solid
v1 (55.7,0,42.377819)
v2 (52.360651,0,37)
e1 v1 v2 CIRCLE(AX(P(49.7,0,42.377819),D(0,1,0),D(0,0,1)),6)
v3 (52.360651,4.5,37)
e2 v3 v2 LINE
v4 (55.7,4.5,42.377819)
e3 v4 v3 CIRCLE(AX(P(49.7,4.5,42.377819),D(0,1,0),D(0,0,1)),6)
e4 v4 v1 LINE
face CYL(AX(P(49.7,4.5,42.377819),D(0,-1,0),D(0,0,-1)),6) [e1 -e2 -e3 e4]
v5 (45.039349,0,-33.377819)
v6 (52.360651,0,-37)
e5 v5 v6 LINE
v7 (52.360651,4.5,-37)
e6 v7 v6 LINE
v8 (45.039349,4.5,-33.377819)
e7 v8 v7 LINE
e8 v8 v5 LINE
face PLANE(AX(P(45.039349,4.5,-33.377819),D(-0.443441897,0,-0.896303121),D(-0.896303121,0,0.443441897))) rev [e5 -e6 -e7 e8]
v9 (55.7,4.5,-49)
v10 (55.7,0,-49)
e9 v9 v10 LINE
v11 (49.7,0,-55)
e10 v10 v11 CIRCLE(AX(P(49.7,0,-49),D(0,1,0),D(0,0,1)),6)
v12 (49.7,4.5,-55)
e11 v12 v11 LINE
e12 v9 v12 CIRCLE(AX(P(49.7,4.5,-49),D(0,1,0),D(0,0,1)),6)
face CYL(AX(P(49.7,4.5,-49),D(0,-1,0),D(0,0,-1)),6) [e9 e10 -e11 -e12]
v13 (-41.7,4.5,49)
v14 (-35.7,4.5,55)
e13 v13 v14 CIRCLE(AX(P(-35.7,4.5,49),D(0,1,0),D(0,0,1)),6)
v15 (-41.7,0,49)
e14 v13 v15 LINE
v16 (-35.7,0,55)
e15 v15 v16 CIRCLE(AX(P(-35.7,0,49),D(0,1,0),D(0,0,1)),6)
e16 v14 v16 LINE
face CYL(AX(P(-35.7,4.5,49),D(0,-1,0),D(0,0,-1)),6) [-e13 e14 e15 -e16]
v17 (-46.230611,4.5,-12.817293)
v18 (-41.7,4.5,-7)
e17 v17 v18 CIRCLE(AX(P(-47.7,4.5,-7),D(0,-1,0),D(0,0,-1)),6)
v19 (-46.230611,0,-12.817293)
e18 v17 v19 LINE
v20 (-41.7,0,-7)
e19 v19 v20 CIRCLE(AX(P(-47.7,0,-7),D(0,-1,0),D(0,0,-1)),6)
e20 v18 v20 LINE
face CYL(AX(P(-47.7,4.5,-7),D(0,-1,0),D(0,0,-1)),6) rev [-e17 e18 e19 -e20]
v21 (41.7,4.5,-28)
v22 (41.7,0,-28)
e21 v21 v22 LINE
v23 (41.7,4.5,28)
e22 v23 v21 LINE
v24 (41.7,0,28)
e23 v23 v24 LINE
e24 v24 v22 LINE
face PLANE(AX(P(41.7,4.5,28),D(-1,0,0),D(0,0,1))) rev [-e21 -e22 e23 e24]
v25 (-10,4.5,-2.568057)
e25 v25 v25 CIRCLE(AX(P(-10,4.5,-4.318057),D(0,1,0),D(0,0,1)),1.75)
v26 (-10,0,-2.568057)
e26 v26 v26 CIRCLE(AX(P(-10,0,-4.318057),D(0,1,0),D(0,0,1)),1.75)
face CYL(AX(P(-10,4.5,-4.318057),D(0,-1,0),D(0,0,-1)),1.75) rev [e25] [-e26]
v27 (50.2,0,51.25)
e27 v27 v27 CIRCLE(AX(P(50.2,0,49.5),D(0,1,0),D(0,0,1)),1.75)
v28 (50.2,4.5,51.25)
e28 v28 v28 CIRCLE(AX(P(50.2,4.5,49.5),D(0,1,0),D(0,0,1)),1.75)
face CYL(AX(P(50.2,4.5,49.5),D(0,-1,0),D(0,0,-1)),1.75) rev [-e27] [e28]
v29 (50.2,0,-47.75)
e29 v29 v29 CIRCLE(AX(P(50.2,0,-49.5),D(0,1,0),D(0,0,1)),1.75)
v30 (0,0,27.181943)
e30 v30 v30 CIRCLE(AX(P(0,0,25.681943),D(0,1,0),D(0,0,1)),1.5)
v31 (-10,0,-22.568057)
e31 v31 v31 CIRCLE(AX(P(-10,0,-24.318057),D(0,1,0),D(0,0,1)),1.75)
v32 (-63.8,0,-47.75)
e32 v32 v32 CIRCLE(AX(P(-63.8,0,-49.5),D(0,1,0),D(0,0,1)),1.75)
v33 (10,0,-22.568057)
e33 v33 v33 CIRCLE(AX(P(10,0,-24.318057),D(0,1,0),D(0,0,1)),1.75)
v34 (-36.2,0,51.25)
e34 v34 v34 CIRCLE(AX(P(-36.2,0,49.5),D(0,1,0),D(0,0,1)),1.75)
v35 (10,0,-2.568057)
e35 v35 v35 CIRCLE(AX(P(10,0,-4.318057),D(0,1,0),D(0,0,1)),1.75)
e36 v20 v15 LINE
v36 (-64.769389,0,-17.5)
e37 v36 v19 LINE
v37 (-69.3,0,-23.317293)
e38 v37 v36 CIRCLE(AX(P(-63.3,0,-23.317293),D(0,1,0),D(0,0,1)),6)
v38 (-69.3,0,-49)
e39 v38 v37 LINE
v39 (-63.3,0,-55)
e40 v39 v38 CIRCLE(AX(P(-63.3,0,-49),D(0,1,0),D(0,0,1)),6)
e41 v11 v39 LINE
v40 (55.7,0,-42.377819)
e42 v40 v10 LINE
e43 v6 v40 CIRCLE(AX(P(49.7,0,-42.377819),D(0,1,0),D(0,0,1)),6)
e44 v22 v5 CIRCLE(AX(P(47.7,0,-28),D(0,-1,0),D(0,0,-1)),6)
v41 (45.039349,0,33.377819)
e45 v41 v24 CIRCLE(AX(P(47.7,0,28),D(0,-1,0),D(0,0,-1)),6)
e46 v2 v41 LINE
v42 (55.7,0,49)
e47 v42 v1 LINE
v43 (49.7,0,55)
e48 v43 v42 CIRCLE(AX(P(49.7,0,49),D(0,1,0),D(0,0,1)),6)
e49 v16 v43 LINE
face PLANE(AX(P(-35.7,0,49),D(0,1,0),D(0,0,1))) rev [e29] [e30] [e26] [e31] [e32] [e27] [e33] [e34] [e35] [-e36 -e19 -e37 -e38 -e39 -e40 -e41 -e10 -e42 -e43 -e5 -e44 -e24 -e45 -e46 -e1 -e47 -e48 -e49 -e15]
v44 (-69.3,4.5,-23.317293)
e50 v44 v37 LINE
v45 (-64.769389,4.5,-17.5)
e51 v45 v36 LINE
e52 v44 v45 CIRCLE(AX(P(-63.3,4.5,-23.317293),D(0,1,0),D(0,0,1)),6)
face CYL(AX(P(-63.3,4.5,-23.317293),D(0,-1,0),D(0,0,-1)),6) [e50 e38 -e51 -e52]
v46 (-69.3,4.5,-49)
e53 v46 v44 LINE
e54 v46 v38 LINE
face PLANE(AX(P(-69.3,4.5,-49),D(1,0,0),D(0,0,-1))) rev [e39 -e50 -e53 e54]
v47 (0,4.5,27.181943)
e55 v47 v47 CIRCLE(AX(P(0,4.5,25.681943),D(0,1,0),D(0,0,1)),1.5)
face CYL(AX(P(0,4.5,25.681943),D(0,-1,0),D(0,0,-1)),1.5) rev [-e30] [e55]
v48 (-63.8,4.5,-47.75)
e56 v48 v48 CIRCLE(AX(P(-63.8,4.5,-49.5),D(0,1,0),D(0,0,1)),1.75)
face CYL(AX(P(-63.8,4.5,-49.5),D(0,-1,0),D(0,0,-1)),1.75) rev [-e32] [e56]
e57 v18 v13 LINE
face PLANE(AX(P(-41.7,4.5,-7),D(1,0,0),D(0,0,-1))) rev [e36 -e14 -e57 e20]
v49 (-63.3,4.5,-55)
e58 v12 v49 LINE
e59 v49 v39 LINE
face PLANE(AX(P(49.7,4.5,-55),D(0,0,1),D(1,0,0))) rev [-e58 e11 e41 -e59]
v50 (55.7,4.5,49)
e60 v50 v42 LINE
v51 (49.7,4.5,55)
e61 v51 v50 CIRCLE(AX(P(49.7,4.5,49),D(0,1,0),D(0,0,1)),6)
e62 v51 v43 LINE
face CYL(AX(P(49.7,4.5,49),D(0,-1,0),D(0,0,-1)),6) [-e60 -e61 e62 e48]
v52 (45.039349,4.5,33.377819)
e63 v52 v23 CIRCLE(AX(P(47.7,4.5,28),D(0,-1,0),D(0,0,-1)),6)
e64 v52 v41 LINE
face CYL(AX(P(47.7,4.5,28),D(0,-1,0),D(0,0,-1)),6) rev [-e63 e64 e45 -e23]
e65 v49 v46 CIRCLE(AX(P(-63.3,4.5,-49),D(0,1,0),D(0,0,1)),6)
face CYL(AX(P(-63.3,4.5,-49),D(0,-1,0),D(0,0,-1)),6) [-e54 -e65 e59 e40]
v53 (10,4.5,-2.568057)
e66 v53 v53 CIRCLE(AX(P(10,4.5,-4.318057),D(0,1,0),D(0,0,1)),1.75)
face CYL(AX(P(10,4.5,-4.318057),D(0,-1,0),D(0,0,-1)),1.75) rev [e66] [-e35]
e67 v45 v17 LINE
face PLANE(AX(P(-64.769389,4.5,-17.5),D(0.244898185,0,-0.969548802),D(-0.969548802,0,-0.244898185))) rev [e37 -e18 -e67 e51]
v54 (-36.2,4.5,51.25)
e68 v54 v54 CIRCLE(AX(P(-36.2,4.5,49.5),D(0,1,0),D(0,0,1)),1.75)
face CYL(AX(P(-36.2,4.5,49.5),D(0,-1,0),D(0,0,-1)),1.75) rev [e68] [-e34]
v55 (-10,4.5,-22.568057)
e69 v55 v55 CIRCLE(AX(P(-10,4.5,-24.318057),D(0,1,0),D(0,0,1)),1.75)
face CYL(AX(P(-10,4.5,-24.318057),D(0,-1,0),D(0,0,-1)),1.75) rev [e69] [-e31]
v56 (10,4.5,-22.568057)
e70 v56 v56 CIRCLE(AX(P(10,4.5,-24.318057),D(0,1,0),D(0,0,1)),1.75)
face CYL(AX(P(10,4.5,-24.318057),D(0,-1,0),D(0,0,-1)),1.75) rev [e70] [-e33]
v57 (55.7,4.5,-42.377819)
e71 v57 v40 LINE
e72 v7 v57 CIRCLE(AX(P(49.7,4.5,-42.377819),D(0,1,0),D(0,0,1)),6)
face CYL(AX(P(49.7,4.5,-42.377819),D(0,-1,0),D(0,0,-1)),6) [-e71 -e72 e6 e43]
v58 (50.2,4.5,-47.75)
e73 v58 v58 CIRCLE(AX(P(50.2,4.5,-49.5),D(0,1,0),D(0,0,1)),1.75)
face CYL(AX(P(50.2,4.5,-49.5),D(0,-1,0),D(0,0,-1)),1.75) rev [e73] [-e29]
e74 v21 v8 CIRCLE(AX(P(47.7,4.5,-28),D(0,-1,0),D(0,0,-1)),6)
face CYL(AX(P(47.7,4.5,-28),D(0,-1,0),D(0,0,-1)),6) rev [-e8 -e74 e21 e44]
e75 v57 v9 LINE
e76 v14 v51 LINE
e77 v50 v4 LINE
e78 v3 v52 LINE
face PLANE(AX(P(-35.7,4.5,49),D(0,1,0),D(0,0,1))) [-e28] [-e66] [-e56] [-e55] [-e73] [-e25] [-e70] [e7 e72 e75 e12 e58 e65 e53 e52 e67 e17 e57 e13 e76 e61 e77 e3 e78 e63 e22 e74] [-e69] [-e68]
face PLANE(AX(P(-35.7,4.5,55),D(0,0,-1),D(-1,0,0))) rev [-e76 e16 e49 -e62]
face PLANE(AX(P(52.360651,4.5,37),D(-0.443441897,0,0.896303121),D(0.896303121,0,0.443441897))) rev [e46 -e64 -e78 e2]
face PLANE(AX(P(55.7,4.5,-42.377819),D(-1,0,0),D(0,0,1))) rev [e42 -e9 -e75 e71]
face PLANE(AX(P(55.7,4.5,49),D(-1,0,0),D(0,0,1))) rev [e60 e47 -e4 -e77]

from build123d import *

# Parameters (mm, degrees)
SKETCH1_R           = 1.75
SKETCH1_R_2         = 1.5
BOSS_EXTRUDE1_DEPTH = 4.5


with BuildPart() as part:
    # Sketch1 → Boss-Extrude1 (new body)
    with BuildSketch(Plane(origin=(0, 0, 0), x_dir=(1, 0, 0), z_dir=(0, 1, 0))):
        with BuildLine():
            Line((-35.7, -55), (49.7, -55))
            ThreePointArc((49.7, -55), (53.942640687, -53.242640687), (55.7, -49))
            Line((55.7, -49), (55.7, -42.377818725))
            ThreePointArc((55.7, -42.377818725), (54.797249664, -39.212689049), (52.36065138, -37))
            Line((52.36065138, -37), (45.03934862, -33.377818725))
            ThreePointArc((45.03934862, -33.377818725), (42.602750336, -31.165129675), (41.7, -28))
            Line((41.7, -28), (41.7, 28))
            ThreePointArc((41.7, 28), (42.602750336, 31.165129675), (45.03934862, 33.377818725))
            Line((45.03934862, 33.377818725), (52.36065138, 37))
            ThreePointArc((52.36065138, 37), (54.797249664, 39.212689049), (55.7, 42.377818725))
            Line((55.7, 42.377818725), (55.7, 49))
            ThreePointArc((55.7, 49), (53.942640687, 53.242640687), (49.7, 55))
            Line((49.7, 55), (-63.3, 55))
            ThreePointArc((-63.3, 55), (-67.542640687, 53.242640687), (-69.3, 49))
            Line((-69.3, 49), (-69.3, 23.31729281))
            ThreePointArc((-69.3, 23.31729281), (-68.03372658, 19.630582533), (-64.769389112, 17.5))
            Line((-64.769389112, 17.5), (-46.230610888, 12.81729281))
            ThreePointArc((-46.230610888, 12.81729281), (-42.96627342, 10.686710277), (-41.7, 7))
            Line((-41.7, 7), (-41.7, -49))
            ThreePointArc((-41.7, -49), (-39.942640687, -53.242640687), (-35.7, -55))
        make_face()
        with Locations(Location((-63.8, 49.5, 0), (0, 0, 270))):
            Circle(SKETCH1_R, mode=Mode.SUBTRACT)
        with Locations(Location((-36.2, -49.5, 0), (0, 0, 270))):
            Circle(SKETCH1_R, mode=Mode.SUBTRACT)
        with Locations(Location((50.2, -49.5, 0), (0, 0, 270))):
            Circle(SKETCH1_R, mode=Mode.SUBTRACT)
        with Locations(Location((50.2, 49.5, 0), (0, 0, 270))):
            Circle(SKETCH1_R, mode=Mode.SUBTRACT)
        with Locations(Location((-10, 24.318057397, 0), (0, 0, 270))):
            Circle(SKETCH1_R, mode=Mode.SUBTRACT)
        with Locations(Location((-10, 4.318057397, 0), (0, 0, 270))):
            Circle(SKETCH1_R, mode=Mode.SUBTRACT)
        with Locations(Location((10, 4.318057397, 0), (0, 0, 270))):
            Circle(SKETCH1_R, mode=Mode.SUBTRACT)
        with Locations(Location((10, 24.318057397, 0), (0, 0, 270))):
            Circle(SKETCH1_R, mode=Mode.SUBTRACT)
        with Locations(Location((0, -25.681942603, 0), (0, 0, 270))):
            Circle(SKETCH1_R_2, mode=Mode.SUBTRACT)
    extrude(amount=BOSS_EXTRUDE1_DEPTH)


solid = part.part
